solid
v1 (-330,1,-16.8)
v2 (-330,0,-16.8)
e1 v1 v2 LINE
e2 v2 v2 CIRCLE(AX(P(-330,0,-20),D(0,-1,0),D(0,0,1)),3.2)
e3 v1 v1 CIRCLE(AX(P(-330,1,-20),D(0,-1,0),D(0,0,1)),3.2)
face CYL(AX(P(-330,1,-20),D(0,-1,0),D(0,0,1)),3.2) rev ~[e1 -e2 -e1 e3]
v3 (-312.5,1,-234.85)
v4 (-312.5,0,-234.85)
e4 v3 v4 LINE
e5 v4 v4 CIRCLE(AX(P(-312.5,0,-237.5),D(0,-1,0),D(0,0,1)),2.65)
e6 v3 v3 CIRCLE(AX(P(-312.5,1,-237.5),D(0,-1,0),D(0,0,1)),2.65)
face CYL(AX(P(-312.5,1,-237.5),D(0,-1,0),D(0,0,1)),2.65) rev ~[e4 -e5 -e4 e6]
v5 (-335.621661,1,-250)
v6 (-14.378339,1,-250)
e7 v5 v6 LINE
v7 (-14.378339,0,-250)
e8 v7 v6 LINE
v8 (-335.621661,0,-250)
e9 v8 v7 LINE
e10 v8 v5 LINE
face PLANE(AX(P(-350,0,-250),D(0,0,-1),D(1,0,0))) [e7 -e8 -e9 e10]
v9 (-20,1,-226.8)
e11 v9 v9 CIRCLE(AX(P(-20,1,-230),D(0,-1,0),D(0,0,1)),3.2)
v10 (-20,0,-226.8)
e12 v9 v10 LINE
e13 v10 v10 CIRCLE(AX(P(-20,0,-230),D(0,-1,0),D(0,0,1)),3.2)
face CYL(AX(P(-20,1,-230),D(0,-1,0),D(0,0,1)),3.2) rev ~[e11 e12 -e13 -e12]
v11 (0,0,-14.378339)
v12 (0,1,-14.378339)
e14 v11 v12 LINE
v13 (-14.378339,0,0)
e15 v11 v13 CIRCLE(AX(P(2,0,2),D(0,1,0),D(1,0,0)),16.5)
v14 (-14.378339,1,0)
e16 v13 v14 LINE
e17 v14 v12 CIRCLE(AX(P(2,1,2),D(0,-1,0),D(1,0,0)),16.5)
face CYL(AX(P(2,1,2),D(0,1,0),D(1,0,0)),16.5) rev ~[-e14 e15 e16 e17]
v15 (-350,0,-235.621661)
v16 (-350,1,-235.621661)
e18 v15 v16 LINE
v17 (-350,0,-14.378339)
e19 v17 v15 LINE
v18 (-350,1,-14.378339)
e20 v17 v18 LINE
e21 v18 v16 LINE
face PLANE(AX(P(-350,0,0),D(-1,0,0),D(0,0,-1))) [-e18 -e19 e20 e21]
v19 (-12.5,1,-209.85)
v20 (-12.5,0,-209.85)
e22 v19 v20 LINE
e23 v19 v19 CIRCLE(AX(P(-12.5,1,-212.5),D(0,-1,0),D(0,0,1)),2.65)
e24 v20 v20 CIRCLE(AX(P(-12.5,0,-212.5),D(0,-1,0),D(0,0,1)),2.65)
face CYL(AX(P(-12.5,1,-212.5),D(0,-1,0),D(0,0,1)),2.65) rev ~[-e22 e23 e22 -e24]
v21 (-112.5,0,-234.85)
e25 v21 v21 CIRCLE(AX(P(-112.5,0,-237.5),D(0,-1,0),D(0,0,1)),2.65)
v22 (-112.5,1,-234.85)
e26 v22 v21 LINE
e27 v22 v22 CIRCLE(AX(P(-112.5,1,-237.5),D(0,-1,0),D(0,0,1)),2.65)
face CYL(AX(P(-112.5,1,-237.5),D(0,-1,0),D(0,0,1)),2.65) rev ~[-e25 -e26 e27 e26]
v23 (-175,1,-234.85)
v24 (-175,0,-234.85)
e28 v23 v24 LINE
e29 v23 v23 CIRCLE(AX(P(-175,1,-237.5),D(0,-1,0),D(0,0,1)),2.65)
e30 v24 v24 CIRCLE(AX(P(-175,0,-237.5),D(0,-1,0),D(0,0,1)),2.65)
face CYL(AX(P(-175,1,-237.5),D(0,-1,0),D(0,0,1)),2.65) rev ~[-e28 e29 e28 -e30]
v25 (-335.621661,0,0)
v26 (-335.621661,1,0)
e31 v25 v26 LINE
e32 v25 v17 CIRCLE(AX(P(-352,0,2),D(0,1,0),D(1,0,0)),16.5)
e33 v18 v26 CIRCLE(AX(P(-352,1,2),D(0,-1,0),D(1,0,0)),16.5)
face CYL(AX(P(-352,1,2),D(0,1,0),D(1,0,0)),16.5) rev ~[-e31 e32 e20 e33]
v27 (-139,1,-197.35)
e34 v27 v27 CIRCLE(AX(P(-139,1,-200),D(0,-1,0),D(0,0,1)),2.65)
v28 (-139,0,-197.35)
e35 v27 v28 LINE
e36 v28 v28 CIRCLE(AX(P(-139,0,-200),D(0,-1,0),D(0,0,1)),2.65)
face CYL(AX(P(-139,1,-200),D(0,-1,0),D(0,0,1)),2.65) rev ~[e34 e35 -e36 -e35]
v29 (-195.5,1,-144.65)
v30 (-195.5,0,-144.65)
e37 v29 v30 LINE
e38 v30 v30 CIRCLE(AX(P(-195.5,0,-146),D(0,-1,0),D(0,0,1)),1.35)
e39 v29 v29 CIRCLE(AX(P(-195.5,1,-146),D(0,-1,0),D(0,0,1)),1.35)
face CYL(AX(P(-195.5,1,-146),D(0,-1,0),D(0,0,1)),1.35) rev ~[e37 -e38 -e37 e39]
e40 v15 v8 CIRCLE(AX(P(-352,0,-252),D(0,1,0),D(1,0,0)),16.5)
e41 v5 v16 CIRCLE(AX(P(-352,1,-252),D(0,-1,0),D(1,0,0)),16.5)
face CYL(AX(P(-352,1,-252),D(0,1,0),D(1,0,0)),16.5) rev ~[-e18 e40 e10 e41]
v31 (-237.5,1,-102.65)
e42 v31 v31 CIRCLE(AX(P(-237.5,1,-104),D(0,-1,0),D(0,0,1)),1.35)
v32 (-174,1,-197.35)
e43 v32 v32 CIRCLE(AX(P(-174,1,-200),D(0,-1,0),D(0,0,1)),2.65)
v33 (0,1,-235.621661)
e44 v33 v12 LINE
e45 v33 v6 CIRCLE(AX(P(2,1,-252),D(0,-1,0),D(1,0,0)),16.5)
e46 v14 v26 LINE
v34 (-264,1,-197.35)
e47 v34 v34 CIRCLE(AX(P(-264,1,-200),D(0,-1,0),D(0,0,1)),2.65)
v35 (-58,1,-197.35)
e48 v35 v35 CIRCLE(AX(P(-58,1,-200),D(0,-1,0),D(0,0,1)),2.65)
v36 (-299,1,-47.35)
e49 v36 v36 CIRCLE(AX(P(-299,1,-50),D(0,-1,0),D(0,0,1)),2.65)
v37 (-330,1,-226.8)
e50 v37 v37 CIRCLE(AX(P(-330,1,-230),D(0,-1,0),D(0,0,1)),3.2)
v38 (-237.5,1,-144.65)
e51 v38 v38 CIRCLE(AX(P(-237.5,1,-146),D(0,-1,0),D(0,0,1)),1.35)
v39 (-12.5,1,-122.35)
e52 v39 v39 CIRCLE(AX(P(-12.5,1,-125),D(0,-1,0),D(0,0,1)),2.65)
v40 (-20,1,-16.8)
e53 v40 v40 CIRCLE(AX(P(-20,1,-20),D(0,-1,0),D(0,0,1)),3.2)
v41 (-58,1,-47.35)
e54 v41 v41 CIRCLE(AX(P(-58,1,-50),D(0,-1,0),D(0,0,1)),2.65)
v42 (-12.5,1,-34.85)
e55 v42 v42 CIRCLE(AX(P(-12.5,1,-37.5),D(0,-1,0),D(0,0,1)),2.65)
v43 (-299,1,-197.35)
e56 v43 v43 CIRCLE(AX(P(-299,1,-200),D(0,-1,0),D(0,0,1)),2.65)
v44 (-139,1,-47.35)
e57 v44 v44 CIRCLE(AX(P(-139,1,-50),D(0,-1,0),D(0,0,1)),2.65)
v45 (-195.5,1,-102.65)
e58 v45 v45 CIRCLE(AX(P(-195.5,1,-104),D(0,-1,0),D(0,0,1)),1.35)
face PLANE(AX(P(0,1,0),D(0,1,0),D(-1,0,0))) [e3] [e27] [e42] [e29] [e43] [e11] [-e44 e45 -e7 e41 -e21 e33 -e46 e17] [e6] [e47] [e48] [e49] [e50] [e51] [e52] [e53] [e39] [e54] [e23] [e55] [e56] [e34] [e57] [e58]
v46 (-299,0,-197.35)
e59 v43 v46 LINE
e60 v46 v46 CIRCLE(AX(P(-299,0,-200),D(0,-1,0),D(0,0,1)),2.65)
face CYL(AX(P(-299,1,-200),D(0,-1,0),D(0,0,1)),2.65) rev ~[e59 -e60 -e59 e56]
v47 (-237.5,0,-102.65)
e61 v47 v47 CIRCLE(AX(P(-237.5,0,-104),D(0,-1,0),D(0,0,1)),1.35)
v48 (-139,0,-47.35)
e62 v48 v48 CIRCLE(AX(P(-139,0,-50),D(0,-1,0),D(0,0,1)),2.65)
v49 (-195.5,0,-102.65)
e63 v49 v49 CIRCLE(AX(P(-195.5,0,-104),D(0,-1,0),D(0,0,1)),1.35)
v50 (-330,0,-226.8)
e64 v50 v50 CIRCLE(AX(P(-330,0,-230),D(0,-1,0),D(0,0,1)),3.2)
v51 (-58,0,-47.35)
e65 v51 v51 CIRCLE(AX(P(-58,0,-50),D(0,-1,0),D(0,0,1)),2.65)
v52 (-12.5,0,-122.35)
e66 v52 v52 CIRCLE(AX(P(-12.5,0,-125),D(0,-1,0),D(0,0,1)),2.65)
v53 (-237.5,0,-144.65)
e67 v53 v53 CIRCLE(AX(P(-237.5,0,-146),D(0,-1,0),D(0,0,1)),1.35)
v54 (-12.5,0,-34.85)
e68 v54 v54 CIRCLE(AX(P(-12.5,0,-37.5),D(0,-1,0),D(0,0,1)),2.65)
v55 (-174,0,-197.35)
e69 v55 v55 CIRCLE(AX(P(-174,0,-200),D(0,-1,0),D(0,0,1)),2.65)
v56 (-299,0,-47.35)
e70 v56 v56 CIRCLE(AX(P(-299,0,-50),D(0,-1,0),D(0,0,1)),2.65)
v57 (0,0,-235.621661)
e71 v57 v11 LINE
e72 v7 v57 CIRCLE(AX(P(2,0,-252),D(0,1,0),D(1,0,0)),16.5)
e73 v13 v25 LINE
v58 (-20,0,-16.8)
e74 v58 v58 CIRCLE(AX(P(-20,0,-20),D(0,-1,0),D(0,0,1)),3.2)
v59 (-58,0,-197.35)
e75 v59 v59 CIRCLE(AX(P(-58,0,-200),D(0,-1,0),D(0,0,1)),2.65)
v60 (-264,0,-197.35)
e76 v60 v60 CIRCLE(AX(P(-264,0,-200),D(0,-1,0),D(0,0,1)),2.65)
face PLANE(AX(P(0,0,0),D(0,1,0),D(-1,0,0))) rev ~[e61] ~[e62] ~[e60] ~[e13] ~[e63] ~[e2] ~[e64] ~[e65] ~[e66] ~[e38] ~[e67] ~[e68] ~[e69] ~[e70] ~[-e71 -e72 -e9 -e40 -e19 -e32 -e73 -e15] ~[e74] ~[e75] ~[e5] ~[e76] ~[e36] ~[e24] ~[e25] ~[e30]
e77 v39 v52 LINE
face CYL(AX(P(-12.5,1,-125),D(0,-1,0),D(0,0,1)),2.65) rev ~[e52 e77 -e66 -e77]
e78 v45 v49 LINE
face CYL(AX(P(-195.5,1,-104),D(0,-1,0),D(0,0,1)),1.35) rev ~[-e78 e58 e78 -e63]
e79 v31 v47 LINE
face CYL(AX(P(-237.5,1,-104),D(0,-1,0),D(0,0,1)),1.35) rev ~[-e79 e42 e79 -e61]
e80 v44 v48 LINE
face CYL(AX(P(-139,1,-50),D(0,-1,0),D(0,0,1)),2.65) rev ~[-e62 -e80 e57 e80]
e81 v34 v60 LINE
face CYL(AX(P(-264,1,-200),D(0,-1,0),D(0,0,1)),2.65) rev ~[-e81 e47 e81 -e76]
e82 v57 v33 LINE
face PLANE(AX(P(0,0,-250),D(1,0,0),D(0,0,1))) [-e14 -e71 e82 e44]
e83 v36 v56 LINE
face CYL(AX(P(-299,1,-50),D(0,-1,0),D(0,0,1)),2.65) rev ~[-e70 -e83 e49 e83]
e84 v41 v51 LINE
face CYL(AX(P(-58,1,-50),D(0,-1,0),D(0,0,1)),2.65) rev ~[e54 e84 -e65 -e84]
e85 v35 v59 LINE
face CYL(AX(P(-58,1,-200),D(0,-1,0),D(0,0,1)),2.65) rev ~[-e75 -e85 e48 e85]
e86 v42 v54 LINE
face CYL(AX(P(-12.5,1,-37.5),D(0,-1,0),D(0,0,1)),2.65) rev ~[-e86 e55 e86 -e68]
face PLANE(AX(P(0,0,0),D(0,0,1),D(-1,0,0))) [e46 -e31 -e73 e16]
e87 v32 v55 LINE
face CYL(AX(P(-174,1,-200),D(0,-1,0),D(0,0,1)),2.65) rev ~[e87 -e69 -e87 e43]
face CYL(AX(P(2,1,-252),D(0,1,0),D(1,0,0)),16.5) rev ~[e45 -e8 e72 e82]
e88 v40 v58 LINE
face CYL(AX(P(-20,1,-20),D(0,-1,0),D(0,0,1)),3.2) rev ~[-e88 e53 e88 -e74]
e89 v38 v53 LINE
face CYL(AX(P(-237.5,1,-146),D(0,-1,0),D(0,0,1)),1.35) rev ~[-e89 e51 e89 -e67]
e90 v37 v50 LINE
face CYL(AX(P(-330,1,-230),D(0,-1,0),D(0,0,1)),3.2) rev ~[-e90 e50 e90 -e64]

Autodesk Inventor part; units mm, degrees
ref_plane "YZ Plane" through (0, 0, 0) normal (1, 0, 0) x (0, 1, 0)
ref_plane "XZ Plane" through (0, 0, 0) normal (0, 1, 0) x (-1, 0, 0)
ref_plane "XY Plane" through (0, 0, 0) normal (0, 0, 1) x (1, 0, 0)
sketch "Sketch1" plane through (0, 0, 0) normal (0, 1, 0) x (-1, 0, 0)
  line L0 (0, 0) -> (350, 0)
  line L1 (350, 0) -> (350, -250)
  line L2 (350, -250) -> (0, -250)
  line L3 (0, -250) -> (0, 0)
  dimension "d0" = 250
  dimension "d1" = 350
extrude "Extrusion1" add sketch "Sketch1" along normal blind 1
sketch "Sketch2" plane through (0, 1, 0) normal (0, 1, 0) x (1, 0, 0)
  line L0 (-350, 0) -> (0, 0) projected
  line L1 (0, 0) -> (0, 250) projected
  line L2 (0, 250) -> (-350, 250) projected
  line L3 (-350, 250) -> (-350, 0) projected
  circle A0 centre (2, -2) radius 16.5
  circle A1 centre (-352, -2) radius 16.5
  circle A2 centre (-352, 252) radius 16.5
  circle A3 centre (2, 252) radius 16.5
  dimension "d9" = 2
  dimension "d10" = 2
  dimension "d11" = 33
  dimension "d12" = 2
  dimension "d13" = 2
  dimension "d14" = 33
  dimension "d15" = 2
  dimension "d16" = 2
  dimension "d17" = 33
  dimension "d18" = 2
  dimension "d19" = 2
  dimension "d20" = 33
extrude "Extrusion2" cut sketch "Sketch2" against normal blind 1 contours L3 A1 L0 | L0 A1 L3 | A0 L1 L0 | L0 L1 A0 | A2 L2 L3 | L3 L2 A2 | A3 L2 L1 | L1 L2 A3
sketch "Sketch3" plane through (0, 1, 0) normal (0, 1, 0) x (1, 0, 0)
  line L0 (-335.6217, 0) -> (-14.3783, 0) projected
  line L1 (0, 14.3783) -> (0, 235.6217) projected
  line L2 (-14.3783, 250) -> (-335.6217, 250) projected
  line L3 (-350, 235.6217) -> (-350, 14.3783) projected
  point P0 (0, 0)
  point P1 (-20, 20)
  point P2 (-20, 230)
  point P3 (-330, 230)
  point P4 (-330, 20)
  dimension "d23" = 20
  dimension "d24" = 20
  dimension "d25" = 20
  dimension "d26" = 20
  dimension "d27" = 20
  dimension "d28" = 20
  dimension "d29" = 20
  dimension "d30" = 20
hole "Hole1" at (-20, 1, -20) at (-20, 1, -230) at (-330, 1, -230) at (-330, 1, -20) direction (0, -1, 0) diameter 6.4 end through all
sketch "Sketch5" plane through (0, 1, 0) normal (0, 1, 0) x (1, 0, 0)
  line L0 (0, 14.3783) -> (0, 235.6217) projected
  line L1 (-14.3783, 250) -> (-335.6217, 250) projected
  line L2 (-335.6217, 0) -> (-14.3783, 0) projected
  line L3 (-350, 235.6217) -> (-350, 14.3783) projected
  point P0 (0, 0)
  point P1 (-12.5, 37.5)
  point P2 (-12.5, 125)
  point P3 (-12.5, 212.5)
  point P4 (-112.5, 237.5)
  point P5 (-175, 237.5)
  point P6 (-312.5, 237.5)
  dimension "d38" = 12.5
  dimension "d39" = 12.5
  dimension "d40" = 12.5
  dimension "d41" = 37.5
  dimension "d42" = 37.5
  dimension "d43" = 125
  dimension "d44" = 112.5
  dimension "d45" = 175
  dimension "d46" = 37.5
  dimension "d47" = 12.5
  dimension "d48" = 12.5
  dimension "d49" = 12.5
hole "Hole2" at (-12.5, 1, -37.5) at (-12.5, 1, -125) at (-12.5, 1, -212.5) at (-112.5, 1, -237.5) at (-175, 1, -237.5) at (-312.5, 1, -237.5) direction (0, -1, 0) diameter 5.3 end through all
sketch "Sketch6" plane through (0, 1, 0) normal (0, 1, 0) x (1, 0, 0)
  line L0 (0, 14.3783) -> (0, 235.6217) projected
  line L1 (-335.6217, 0) -> (-14.3783, 0) projected
  line L2 (-14.3783, 250) -> (-335.6217, 250) projected
  point P0 (0, 0)
  point P1 (-58, 50)
  point P2 (-58, 200)
  dimension "d57" = 58
  dimension "d58" = 50
  dimension "d59" = 50
  dimension "d60" = 58
hole "Hole3" at (-58, 1, -50) at (-58, 1, -200) direction (0, -1, 0) diameter 5.3 end through all
sketch "Sketch7" plane through (0, 1, 0) normal (0, 1, 0) x (1, 0, 0)
  line L0 (0, 14.3783) -> (0, 235.6217) projected
  line L1 (-335.6217, 0) -> (-14.3783, 0) projected
  line L2 (-14.3783, 250) -> (-335.6217, 250) projected
  point P0 (0, 0)
  point P1 (-139, 50)
  point P2 (-139, 200)
  point P3 (-174, 200)
  point P4 (-264, 200)
  point P5 (-299, 50)
  point P6 (-299, 200)
  dimension "d68" = 139
  dimension "d69" = 139
  dimension "d70" = 50
  dimension "d71" = 50
  dimension "d79" = 50
  dimension "d80" = 50
  dimension "d81" = 50
  dimension "d82" = 50
  dimension "d83" = 90
  dimension "d84" = 35
  dimension "d85" = 160
  dimension "d86" = 160
hole "Hole4" at (-139, 1, -50) at (-139, 1, -200) at (-174, 1, -200) at (-264, 1, -200) at (-299, 1, -50) at (-299, 1, -200) direction (0, -1, 0) diameter 5.3 end through all
sketch "Sketch8" plane through (0, 1, 0) normal (0, 1, 0) x (1, 0, 0)
  line L0 (0, 14.3783) -> (0, 235.6217) projected
  line L1 (-335.6217, 0) -> (-14.3783, 0) projected
  point P0 (0, 0)
  point P1 (-237.5, 104)
  point P2 (-237.5, 146)
  point P3 (-195.5, 104)
  point P4 (-195.5, 146)
  dimension "d87" = 42
  dimension "d88" = 42
  dimension "d89" = 42
  dimension "d90" = 195.5
  dimension "d91" = 195.5
  dimension "d92" = 42
  dimension "d93" = 104
  dimension "d94" = 104
hole "Hole5" at (-237.5, 1, -104) at (-237.5, 1, -146) at (-195.5, 1, -104) at (-195.5, 1, -146) direction (0, -1, 0) diameter 2.7 end through all
equation "\"d14\" = d11"
equation "\"d17\" = d11"
equation "\"d20\" = d11"
equation "\"d25\" = d24"
equation "\"d26\" = d23"
equation "\"d27\" = d23"
equation "\"d28\" = d24"
equation "\"d29\" = d24"
equation "\"d30\" = d23"
equation "\"d36\" = Thickness"
equation "\"d39\" = d38"
equation "\"d40\" = d38"
equation "\"d42\" = d41"
equation "\"d48\" = d47"
equation "\"d49\" = d47"
equation "\"d55\" = Thickness"
equation "\"d59\" = d58"
equation "\"d60\" = d57"
equation "\"d66\" = Thickness"
equation "\"d69\" = d68"
equation "\"d71\" = d70"
equation "\"d80\" = d79"
equation "\"d81\" = d70"
equation "\"d82\" = d70"
equation "\"d86\" = d85"
equation "\"d77\" = Thickness"
equation "\"d88\" = d87"
equation "\"d91\" = d90"
equation "\"d92\" = d89"
equation "\"d94\" = d93"
equation "\"d100\" = Thickness"
equation "\"BendRadius\" = Thickness"
equation "\"BendReliefWidth\" = Thickness"
equation "\"BendReliefDepth\" = 0.5 * Thickness"
equation "\"CornerReliefSize\" = 4 * Thickness"
equation "\"MinimumRemnant\" = 2 * Thickness"
equation "\"TransitionRadius\" = BendRadius"
equation "\"JacobiRadiusSize\" = BendRadius"
equation "\"GapSize\" = Thickness"
equation "\"Thickness\" = 0.5"
properties part number "MetalSheet"
